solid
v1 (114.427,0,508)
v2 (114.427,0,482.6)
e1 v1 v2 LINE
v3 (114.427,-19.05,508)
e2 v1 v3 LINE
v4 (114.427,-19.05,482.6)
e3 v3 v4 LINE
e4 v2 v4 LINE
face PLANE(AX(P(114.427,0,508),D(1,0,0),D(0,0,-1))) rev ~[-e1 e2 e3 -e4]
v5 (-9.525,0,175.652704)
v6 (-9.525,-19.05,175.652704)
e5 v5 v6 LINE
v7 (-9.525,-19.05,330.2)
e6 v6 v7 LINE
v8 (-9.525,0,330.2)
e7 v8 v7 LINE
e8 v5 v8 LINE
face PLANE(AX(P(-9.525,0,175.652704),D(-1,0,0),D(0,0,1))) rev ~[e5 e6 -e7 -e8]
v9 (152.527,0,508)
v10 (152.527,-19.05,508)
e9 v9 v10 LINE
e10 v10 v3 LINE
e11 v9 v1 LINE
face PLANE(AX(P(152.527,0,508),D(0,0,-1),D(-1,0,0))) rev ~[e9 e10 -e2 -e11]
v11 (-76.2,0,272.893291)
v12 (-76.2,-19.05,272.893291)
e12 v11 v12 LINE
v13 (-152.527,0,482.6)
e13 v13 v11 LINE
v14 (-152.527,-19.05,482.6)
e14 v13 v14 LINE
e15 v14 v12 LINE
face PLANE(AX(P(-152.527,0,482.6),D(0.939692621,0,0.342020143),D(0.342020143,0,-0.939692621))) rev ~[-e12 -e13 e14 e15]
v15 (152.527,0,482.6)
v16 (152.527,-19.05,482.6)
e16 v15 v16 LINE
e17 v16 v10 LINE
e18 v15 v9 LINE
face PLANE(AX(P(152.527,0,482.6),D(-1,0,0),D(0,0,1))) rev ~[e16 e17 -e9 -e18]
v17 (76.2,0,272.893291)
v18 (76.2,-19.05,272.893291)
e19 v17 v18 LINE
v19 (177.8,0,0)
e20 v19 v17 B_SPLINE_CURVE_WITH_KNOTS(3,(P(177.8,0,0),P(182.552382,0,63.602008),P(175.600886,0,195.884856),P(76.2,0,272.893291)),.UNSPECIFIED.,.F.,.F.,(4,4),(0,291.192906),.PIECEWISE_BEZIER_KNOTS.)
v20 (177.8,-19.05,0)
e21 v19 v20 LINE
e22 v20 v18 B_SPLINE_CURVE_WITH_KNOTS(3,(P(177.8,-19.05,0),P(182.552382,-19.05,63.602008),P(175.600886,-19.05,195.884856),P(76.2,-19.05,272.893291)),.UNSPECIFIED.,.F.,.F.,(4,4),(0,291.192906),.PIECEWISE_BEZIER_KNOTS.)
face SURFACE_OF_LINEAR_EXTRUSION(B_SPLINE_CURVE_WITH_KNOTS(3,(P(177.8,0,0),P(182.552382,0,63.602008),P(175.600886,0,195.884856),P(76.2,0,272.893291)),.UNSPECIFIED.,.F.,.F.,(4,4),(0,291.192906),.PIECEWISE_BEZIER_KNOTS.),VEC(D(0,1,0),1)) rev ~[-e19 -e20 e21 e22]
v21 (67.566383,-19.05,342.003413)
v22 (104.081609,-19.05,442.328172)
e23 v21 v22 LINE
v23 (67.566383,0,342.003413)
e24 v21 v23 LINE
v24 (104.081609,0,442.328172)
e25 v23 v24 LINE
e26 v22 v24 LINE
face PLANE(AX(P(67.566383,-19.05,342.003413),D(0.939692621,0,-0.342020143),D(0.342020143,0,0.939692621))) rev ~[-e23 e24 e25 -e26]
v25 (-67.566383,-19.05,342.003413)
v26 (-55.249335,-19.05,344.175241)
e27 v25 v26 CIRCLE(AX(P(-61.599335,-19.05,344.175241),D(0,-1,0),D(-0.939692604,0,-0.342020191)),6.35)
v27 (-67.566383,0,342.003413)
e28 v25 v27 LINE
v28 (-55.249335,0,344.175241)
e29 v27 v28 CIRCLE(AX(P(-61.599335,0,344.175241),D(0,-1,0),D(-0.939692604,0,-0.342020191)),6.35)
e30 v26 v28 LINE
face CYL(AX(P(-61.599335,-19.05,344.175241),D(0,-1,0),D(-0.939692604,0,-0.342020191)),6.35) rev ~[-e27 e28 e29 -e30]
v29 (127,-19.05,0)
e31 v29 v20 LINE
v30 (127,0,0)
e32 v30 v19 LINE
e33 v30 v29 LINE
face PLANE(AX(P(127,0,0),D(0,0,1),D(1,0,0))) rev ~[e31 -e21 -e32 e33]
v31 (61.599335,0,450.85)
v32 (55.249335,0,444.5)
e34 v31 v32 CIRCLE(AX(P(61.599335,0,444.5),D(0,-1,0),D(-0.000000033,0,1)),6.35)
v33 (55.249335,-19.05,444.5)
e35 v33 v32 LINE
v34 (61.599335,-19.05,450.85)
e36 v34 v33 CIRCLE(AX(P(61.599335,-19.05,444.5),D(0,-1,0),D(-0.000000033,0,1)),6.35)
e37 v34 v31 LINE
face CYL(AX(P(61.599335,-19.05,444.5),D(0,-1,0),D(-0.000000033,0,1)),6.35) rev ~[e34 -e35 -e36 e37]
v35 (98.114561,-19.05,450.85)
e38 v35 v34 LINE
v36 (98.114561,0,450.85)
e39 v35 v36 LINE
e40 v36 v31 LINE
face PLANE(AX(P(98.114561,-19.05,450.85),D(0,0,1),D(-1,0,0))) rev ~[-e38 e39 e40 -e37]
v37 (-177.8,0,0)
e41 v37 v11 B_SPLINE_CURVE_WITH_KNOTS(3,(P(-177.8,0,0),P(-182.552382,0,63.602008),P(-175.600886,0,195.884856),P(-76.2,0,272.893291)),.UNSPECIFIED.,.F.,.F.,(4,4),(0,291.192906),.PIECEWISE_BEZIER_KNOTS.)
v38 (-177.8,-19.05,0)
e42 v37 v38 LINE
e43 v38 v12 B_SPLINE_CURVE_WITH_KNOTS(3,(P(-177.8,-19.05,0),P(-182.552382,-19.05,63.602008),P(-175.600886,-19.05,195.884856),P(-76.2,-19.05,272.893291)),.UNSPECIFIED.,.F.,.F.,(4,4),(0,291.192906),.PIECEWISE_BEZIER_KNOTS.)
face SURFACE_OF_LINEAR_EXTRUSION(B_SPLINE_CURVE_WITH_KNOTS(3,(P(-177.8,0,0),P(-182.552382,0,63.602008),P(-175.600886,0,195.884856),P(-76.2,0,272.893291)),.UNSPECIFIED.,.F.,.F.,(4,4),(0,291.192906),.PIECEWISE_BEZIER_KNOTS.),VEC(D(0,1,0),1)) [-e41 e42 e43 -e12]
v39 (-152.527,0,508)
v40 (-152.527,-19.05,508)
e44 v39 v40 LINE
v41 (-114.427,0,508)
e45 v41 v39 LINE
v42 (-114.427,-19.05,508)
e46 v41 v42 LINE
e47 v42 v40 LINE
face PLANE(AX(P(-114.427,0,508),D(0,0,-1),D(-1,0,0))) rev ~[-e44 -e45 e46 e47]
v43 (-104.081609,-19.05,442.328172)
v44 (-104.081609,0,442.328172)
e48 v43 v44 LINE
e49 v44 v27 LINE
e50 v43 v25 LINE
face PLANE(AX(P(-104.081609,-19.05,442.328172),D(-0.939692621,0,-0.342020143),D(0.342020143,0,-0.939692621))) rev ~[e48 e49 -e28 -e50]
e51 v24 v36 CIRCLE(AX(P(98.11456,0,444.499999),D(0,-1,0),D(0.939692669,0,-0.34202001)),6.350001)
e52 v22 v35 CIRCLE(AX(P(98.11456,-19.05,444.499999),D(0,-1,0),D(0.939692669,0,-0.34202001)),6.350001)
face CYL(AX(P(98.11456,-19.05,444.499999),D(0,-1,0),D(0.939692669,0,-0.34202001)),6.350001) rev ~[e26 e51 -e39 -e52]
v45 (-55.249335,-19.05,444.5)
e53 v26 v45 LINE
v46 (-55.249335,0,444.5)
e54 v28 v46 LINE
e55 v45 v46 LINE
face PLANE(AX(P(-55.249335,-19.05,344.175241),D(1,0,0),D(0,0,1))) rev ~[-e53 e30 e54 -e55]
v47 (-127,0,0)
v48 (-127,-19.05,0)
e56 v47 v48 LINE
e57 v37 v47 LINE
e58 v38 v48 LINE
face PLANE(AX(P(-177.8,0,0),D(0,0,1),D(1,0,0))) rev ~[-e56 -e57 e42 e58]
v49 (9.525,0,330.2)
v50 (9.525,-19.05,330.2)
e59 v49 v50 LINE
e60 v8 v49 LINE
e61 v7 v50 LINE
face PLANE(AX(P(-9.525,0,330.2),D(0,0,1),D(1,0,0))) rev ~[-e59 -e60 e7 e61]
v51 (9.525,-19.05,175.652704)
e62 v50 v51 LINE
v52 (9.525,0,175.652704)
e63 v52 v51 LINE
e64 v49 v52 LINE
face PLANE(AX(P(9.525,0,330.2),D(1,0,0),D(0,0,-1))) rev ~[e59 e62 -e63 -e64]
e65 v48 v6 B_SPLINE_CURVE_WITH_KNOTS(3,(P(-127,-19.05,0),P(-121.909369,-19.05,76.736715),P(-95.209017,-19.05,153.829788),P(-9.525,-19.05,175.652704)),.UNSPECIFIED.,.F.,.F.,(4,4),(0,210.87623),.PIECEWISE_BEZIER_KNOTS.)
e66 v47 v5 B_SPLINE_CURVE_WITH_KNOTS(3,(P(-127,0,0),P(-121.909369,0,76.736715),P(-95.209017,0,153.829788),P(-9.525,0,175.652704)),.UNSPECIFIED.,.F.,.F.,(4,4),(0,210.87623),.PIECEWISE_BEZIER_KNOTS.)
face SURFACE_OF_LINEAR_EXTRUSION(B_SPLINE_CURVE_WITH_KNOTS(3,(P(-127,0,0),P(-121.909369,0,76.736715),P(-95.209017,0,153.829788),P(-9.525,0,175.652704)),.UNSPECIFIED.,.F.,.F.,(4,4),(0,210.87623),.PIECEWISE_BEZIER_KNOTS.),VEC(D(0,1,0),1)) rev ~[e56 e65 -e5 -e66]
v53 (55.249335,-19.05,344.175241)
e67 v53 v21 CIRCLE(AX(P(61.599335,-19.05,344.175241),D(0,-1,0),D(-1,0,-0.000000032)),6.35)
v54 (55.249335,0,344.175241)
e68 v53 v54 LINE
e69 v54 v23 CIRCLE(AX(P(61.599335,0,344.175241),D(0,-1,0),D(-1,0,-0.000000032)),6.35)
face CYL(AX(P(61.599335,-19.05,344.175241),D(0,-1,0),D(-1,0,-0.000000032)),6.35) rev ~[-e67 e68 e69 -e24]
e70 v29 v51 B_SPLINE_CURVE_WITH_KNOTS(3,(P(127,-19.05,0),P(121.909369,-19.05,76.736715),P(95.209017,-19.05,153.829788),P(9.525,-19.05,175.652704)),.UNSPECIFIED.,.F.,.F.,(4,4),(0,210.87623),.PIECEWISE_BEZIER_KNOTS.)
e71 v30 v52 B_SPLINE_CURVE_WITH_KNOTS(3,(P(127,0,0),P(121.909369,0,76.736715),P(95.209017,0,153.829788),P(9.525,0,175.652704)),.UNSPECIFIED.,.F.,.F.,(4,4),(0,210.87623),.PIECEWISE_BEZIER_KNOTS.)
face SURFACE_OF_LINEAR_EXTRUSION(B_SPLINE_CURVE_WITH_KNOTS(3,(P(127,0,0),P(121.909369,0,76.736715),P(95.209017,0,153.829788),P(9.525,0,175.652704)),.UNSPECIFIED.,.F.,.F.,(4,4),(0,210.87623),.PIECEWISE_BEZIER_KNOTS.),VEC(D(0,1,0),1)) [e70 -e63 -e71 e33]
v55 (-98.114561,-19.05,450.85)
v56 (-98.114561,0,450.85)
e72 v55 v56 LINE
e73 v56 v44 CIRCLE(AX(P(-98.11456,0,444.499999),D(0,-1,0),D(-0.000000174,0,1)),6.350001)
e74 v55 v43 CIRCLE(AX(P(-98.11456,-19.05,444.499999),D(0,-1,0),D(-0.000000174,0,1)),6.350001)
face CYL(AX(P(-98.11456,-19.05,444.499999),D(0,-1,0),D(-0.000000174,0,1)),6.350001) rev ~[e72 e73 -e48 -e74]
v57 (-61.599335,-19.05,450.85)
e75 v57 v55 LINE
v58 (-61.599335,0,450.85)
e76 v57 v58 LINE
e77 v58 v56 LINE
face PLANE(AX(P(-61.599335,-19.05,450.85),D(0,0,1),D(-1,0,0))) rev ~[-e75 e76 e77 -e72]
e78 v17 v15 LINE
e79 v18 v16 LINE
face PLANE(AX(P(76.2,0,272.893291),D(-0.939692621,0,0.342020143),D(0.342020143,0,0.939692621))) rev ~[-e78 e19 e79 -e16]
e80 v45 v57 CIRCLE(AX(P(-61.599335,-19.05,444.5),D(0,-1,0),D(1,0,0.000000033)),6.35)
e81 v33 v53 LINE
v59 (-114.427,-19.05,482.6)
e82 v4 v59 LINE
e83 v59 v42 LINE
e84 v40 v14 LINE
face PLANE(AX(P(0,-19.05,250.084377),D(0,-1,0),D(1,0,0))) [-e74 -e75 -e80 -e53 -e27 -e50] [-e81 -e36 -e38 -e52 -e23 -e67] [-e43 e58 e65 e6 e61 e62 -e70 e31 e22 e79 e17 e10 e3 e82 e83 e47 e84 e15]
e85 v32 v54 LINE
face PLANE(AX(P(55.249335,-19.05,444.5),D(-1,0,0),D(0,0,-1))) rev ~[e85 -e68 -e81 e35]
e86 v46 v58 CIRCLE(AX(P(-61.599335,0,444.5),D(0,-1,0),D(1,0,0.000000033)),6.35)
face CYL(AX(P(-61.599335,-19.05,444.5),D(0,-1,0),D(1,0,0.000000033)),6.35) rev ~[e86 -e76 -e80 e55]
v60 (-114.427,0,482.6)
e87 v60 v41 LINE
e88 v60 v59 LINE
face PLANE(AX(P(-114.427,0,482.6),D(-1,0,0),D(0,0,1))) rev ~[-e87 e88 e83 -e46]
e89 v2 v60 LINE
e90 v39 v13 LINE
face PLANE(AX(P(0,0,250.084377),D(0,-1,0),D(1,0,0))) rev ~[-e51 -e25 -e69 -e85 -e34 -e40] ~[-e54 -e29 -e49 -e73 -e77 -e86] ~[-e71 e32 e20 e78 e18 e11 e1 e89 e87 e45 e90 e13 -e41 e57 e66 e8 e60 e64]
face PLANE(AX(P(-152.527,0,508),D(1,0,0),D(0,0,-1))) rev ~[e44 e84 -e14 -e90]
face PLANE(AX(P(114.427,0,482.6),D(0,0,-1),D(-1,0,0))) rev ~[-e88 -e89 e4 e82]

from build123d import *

# Parameters (mm, degrees)
F1_DEPTH = 19.05
F3_DEPTH = 25.4


with BuildPart() as f1:
    # F0 (on Front) → F1 (new body)
    with BuildSketch(Plane.XZ):
        with BuildLine():
            Line((-177.8, 0), (-127, 0))
            add(Edge.make_bspline(
                [(-127, 0), (-121.909369, 76.736715), (-95.209017, 153.829788), (-9.525, 175.652704)],
                knots=[0, 0, 0, 0, 210.87623, 210.87623, 210.87623, 210.87623], degree=3))
            Line((-9.525, 175.652704), (-9.525, 330.2))
            Line((-9.525, 330.2), (9.525, 330.2))
            Line((9.525, 330.2), (9.525, 175.652704))
            add(Edge.make_bspline(
                [(127, 0), (121.909369, 76.736715), (95.209017, 153.829788), (9.525, 175.652704)],
                knots=[0, 0, 0, 0, 210.87623, 210.87623, 210.87623, 210.87623], degree=3))
            Line((127, 0), (177.8, 0))
            add(Edge.make_bspline(
                [(177.8, 0), (182.552382, 63.602008), (175.600886, 195.884856), (76.2, 272.893291)],
                knots=[0, 0, 0, 0, 291.192906, 291.192906, 291.192906, 291.192906], degree=3))
            Line((76.2, 272.893291), (152.527, 482.6))
            Line((152.527, 482.6), (152.527, 508))
            Line((152.527, 508), (114.427, 508))
            Line((114.427, 508), (114.427, 482.6))
            Line((114.427, 482.6), (9.525, 482.6))
            Line((9.525, 482.6), (-9.525, 482.6))
            Line((-9.525, 482.6), (-114.427, 482.6))
            Line((-114.427, 482.6), (-114.427, 508))
            Line((-114.427, 508), (-152.527, 508))
            Line((-152.527, 508), (-152.527, 482.6))
            Line((-152.527, 482.6), (-76.2, 272.893291))
            add(Edge.make_bspline(
                [(-177.8, 0), (-182.552382, 63.602008), (-175.600886, 195.884856), (-76.2, 272.893291)],
                knots=[0, 0, 0, 0, 291.192906, 291.192906, 291.192906, 291.192906], degree=3))
        make_face()
    extrude(amount=F1_DEPTH)

    # F2 (on face) → F3 (cut)
    with BuildSketch(Plane.XZ.offset(19.05)):
        with BuildLine():
            ThreePointArc((-98.114561, 450.85), (-103.316176, 448.14221), (-104.081609, 442.328172))
            Line((-104.081609, 442.328172), (-67.566383, 342.003413))
            ThreePointArc((-67.566383, 342.003413), (-60.496669, 337.921712), (-55.249335, 344.175241))
            Line((-55.249335, 344.175241), (-55.249335, 444.5))
            ThreePointArc((-55.249335, 444.5), (-57.109207, 448.990128), (-61.599335, 450.85))
            Line((-61.599335, 450.85), (-98.114561, 450.85))
        make_face()
        with BuildLine():
            ThreePointArc((61.599335, 450.85), (57.109207, 448.990128), (55.249335, 444.5))
            Line((55.249335, 444.5), (55.249335, 344.175241))
            ThreePointArc((55.249335, 344.175241), (60.496669, 337.921712), (67.566383, 342.003413))
            Line((67.566383, 342.003413), (104.081609, 442.328172))
            ThreePointArc((104.081609, 442.328172), (103.316176, 448.14221), (98.114561, 450.85))
            Line((98.114561, 450.85), (61.599335, 450.85))
        make_face()
    extrude(amount=-F3_DEPTH, mode=Mode.SUBTRACT)


solid = f1.part
